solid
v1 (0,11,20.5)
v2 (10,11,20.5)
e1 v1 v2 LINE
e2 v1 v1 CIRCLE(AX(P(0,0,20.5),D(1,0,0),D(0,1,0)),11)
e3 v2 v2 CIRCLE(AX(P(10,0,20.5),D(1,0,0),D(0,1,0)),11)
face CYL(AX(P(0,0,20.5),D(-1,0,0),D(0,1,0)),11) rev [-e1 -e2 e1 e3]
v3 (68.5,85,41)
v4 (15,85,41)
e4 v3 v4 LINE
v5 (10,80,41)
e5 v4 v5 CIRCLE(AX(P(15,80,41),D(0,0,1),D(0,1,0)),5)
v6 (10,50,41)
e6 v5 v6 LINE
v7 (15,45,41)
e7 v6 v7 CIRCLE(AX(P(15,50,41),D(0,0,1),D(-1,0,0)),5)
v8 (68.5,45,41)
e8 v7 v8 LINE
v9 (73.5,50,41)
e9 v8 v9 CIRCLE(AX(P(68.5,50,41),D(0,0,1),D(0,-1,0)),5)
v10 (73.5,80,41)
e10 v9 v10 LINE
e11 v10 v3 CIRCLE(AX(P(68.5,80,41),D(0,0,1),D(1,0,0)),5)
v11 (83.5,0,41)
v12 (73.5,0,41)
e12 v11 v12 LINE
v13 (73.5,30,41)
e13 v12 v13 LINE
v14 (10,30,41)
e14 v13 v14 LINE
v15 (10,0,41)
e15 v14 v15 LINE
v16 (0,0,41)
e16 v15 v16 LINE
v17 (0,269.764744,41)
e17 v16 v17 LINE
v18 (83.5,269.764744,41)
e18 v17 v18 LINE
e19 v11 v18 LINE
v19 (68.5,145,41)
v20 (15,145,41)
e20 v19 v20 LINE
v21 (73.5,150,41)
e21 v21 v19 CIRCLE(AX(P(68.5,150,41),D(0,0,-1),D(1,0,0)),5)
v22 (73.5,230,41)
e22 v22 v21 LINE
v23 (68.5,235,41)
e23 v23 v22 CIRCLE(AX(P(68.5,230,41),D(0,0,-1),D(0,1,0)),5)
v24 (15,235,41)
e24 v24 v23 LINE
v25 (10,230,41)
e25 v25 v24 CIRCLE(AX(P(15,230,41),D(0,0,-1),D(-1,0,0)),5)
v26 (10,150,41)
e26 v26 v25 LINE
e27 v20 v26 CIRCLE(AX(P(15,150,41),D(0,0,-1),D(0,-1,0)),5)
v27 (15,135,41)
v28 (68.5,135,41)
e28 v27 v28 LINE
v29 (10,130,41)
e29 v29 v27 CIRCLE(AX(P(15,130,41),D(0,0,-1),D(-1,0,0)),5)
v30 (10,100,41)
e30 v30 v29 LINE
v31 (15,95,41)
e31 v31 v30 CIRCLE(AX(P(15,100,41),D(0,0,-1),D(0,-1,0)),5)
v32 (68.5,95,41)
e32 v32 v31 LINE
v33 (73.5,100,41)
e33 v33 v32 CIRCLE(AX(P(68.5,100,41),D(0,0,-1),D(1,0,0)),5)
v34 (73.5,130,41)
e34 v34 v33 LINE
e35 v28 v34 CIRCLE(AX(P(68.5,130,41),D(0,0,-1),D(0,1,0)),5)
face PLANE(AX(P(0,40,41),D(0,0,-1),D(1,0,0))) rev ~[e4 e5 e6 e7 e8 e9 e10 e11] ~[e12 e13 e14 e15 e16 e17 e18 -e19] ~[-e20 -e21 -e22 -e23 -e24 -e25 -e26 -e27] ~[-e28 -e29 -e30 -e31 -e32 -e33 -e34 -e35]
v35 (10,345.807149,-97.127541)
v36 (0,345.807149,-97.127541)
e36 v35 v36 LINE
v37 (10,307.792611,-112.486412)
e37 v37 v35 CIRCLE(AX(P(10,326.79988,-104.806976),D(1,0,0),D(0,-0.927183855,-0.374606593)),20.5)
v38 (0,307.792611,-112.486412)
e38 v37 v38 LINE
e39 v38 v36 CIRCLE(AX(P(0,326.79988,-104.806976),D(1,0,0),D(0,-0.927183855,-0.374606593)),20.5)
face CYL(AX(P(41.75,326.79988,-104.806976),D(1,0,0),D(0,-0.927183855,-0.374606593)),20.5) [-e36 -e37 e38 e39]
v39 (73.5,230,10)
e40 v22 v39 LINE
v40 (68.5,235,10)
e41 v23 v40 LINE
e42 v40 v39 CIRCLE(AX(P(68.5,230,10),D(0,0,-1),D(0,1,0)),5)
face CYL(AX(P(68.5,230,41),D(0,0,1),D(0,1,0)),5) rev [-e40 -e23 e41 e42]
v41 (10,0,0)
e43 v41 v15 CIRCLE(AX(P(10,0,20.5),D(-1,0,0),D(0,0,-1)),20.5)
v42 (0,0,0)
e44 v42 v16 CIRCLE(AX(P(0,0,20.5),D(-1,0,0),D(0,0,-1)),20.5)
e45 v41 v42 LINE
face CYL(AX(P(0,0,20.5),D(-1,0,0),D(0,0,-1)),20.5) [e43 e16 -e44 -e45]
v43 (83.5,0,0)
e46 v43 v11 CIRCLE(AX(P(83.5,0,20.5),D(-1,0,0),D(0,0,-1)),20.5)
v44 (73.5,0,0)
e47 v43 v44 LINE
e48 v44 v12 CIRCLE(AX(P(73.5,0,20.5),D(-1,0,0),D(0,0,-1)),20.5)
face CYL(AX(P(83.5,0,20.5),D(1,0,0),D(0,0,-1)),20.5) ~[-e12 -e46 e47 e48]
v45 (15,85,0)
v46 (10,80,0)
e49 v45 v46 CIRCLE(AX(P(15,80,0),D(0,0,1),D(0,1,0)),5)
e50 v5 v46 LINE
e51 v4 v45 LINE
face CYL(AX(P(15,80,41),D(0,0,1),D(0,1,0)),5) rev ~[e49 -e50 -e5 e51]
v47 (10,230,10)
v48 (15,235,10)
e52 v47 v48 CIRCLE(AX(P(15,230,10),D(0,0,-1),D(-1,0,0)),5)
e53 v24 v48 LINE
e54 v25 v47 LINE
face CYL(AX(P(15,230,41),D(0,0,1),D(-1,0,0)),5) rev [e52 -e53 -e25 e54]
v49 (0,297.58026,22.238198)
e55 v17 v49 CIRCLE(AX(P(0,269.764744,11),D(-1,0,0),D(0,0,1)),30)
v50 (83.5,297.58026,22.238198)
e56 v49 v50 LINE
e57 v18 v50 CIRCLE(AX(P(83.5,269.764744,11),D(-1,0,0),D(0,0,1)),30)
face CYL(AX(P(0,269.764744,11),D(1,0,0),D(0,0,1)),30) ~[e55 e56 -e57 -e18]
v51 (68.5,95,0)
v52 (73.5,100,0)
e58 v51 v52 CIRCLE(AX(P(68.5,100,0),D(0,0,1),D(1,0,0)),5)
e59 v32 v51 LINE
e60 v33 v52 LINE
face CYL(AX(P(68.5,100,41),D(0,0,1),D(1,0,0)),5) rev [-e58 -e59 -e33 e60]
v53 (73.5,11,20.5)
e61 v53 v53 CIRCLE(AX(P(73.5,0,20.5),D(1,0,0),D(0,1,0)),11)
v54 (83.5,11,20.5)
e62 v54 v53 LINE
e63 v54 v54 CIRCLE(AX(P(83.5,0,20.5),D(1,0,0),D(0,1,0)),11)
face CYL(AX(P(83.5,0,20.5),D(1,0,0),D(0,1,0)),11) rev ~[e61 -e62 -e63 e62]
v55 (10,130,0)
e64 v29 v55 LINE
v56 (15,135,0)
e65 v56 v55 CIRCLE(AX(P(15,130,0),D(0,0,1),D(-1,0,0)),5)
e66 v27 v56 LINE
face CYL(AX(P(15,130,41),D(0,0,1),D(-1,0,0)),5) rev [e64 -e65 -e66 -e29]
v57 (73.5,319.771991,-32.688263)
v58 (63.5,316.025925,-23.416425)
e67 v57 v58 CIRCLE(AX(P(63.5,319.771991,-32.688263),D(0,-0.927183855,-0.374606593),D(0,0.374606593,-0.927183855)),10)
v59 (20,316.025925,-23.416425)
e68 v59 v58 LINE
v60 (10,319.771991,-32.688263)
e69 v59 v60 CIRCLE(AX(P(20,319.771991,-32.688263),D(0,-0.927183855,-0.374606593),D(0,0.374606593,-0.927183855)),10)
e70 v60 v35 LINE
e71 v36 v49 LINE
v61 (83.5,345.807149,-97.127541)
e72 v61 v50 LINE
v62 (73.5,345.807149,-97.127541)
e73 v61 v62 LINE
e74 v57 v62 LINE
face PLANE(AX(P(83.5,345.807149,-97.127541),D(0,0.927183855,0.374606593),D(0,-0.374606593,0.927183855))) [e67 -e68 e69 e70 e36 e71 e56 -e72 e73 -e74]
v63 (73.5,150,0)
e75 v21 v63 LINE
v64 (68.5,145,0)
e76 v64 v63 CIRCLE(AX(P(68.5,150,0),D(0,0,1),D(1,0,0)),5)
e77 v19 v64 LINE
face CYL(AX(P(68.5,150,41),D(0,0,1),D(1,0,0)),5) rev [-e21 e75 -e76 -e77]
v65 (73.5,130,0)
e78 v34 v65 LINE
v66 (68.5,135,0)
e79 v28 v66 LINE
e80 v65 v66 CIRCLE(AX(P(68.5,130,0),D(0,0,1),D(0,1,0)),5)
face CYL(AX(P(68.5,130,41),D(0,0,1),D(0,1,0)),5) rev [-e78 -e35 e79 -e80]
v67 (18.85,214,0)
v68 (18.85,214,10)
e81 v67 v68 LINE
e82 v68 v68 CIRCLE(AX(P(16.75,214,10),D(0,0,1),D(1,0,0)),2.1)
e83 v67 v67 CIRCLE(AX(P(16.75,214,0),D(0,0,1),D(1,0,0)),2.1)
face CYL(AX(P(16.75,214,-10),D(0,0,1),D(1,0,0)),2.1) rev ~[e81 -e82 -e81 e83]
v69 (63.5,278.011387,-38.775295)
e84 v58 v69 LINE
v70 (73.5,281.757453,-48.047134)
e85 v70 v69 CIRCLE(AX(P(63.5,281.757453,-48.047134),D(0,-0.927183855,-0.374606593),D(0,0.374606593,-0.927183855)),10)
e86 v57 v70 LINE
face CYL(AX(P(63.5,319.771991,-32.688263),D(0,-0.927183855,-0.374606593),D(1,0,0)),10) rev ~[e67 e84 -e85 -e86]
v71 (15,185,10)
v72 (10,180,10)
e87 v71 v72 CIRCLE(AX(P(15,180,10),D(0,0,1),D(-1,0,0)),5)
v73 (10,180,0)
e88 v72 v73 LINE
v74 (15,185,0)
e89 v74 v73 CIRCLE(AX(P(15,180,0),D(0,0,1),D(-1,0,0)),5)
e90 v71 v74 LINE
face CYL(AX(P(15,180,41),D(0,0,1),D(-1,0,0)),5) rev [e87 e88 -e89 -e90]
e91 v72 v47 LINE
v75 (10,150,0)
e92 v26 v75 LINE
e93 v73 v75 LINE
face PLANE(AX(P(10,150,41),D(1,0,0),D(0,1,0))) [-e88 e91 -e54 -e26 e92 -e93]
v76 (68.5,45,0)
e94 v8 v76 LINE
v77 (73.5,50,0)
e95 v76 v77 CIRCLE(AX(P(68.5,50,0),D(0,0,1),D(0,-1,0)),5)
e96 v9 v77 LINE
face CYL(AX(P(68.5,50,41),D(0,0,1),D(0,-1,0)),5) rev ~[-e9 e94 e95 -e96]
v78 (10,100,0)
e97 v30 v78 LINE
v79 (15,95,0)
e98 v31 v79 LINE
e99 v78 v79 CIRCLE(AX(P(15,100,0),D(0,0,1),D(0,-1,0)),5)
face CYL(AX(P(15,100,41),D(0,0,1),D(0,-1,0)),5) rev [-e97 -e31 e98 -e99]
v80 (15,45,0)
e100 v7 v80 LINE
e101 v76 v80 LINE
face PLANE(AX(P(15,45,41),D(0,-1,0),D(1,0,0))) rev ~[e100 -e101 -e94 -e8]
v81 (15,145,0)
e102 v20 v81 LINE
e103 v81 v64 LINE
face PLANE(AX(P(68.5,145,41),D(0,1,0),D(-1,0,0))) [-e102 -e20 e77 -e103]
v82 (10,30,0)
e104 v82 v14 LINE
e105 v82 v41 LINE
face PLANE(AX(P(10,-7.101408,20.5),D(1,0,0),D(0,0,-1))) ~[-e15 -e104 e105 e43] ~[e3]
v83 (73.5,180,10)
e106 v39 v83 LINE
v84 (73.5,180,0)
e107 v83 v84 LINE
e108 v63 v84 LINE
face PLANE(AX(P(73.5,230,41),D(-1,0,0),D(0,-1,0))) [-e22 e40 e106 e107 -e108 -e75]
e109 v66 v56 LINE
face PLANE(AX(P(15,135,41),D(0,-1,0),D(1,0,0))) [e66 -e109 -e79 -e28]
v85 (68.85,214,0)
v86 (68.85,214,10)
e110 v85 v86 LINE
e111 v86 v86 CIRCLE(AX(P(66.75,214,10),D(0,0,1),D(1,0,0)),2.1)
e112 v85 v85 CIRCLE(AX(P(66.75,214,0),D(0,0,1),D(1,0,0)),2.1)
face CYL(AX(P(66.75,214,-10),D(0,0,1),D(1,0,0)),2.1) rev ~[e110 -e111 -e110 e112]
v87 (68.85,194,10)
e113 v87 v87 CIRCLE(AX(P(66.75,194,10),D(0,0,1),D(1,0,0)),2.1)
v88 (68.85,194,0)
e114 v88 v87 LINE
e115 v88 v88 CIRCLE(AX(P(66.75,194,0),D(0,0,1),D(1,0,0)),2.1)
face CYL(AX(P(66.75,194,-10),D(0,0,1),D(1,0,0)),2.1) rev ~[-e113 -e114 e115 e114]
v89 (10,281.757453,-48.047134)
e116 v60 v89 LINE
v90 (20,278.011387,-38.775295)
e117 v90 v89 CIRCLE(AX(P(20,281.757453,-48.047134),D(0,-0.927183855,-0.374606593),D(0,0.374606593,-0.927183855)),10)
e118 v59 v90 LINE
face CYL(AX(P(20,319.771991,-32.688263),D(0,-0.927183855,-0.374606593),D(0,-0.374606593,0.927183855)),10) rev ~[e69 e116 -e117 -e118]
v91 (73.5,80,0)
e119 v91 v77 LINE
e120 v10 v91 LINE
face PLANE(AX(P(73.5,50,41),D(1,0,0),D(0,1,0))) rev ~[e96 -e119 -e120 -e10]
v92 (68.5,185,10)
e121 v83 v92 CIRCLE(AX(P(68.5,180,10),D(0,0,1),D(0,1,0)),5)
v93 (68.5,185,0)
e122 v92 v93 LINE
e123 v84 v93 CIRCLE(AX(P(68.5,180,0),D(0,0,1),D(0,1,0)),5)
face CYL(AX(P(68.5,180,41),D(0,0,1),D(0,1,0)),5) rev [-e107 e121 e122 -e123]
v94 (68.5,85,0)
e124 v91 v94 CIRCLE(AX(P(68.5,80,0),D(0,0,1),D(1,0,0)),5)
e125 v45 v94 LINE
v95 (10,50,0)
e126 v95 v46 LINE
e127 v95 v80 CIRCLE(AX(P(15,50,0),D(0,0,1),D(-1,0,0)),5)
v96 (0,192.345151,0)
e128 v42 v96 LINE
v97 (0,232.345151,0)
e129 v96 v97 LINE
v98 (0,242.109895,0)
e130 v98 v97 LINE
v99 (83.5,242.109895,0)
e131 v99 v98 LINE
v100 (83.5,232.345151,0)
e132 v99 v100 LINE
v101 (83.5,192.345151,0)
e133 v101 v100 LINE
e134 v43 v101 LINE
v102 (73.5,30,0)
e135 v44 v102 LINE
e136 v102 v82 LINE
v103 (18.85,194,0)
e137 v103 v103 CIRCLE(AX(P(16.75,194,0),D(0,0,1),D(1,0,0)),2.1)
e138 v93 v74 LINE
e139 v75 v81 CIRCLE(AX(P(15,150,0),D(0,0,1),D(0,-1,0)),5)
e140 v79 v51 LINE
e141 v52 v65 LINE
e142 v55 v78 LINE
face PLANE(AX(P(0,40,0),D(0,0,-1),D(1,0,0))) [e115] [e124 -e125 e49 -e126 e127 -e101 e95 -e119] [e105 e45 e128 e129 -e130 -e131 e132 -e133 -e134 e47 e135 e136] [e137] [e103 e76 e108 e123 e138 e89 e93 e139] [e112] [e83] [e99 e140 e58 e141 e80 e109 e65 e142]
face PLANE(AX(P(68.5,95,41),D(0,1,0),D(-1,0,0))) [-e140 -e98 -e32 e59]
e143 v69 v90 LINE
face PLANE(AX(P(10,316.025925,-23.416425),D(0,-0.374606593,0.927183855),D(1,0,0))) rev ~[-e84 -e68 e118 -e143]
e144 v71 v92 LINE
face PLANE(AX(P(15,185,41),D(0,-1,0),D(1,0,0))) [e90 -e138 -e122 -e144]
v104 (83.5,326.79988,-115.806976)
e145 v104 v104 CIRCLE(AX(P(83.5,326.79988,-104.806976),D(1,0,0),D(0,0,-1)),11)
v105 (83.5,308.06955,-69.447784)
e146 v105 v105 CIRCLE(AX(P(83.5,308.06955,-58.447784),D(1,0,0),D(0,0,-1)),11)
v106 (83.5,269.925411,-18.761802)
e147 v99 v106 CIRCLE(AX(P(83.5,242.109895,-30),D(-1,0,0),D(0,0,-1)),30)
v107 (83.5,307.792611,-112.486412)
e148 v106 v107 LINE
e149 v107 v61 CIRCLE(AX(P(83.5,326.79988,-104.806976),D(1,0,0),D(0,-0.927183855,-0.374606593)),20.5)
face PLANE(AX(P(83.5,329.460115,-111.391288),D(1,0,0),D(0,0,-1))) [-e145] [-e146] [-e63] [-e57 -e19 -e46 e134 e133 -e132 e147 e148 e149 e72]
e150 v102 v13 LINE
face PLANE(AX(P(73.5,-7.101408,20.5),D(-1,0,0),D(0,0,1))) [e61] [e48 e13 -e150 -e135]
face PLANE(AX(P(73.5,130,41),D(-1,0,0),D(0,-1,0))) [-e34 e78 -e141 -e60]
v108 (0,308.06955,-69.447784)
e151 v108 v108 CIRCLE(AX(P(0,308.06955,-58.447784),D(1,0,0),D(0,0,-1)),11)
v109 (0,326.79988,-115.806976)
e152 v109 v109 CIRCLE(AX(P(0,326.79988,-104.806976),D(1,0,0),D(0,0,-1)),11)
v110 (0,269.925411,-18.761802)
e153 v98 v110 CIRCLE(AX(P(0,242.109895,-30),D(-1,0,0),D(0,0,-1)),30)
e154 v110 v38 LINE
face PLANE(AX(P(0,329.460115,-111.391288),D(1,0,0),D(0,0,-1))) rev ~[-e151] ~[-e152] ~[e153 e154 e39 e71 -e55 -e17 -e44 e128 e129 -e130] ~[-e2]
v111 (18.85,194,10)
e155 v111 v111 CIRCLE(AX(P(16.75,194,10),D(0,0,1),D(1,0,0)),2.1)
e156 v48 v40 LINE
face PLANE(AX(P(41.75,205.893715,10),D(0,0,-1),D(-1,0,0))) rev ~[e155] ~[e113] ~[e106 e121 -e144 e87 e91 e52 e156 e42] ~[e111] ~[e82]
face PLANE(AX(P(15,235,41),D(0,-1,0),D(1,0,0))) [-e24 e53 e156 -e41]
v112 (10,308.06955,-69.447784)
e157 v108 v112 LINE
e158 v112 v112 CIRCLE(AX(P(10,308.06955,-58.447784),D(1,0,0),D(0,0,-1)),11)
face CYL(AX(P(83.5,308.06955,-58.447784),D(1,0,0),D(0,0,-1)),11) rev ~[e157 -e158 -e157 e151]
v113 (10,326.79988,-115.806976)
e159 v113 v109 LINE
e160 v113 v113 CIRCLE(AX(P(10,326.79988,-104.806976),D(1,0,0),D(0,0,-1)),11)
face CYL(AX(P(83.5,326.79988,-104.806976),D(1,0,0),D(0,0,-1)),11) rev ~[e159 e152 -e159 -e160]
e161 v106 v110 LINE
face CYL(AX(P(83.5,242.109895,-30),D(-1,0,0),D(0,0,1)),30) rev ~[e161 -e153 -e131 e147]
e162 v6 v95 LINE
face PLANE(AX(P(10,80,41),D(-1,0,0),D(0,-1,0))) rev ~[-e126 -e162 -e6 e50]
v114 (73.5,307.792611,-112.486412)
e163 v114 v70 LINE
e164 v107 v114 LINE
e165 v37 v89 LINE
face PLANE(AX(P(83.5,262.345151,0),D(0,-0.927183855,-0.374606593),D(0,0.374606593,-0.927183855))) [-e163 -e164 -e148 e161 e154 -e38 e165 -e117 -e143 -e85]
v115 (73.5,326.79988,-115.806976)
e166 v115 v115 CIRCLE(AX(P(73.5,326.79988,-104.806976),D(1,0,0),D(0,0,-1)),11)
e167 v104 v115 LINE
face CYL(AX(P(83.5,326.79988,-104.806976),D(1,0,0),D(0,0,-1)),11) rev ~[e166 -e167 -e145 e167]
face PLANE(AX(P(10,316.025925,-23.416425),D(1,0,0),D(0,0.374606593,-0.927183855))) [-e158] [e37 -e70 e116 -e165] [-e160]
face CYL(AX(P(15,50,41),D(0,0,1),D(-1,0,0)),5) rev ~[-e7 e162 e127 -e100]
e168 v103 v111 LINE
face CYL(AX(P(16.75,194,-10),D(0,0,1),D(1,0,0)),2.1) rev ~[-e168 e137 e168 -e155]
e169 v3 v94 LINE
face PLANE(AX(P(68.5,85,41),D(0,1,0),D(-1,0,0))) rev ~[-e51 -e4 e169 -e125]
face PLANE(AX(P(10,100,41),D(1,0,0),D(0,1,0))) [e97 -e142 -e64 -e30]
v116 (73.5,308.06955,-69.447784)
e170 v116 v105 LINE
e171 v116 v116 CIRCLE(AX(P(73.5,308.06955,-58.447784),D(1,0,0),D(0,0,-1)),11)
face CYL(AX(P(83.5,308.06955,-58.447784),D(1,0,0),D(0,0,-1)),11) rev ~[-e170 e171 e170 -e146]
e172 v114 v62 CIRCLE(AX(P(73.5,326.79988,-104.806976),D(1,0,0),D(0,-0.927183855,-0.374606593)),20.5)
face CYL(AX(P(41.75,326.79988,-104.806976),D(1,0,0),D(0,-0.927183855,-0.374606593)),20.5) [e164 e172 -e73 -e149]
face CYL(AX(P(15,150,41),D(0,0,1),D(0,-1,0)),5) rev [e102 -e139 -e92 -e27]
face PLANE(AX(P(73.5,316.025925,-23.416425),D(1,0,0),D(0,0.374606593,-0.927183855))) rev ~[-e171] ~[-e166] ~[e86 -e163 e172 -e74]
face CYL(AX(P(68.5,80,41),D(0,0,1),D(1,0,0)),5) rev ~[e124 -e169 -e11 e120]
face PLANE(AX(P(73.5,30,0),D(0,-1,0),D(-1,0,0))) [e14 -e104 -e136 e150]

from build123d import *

# Parameters (mm, degrees)
EXTRUDE_1_DEPTH        = 41
EXTRUDE_2_DEPTH        = 10
SKETCH_3_R             = 11
CUT_EXTRUDE_1_DEPTH    = 10
SKETCH_4_W             = 83.5
SKETCH_4_H             = 41
EXTRUDE_3_DEPTH        = 250
CUT_EXTRUDE_2_DEPTH    = 309
EXTRUDE_5_DEPTH        = 83.5
EXTRUDE_6_DEPTH        = 41.75
FILLET_1_R             = 8
SKETCH_10_R            = 5.5
CUT_EXTRUDE_3_DEPTH    = 92
EXTRUDE_9_DEPTH        = 41.75
SKETCH_15_R            = 11
CUT_EXTRUDE_5_DEPTH    = 92.5
SKETCH_16_W            = 63.5
SKETCH_16_H            = 100
CUT_EXTRUDE_6_DEPTH    = 65
FILLET_3_R             = 30
CUT_EXTRUDE_7_DEPTH    = 37.75
SKETCH_19_W            = 70.175183739
SKETCH_19_H            = 41.669127314
CUT_EXTRUDE_8_DEPTH    = 90.5
HOLE_WIZARD_M5_1_D     = 4.2
HOLE_WIZARD_M5_1_DEPTH = 10
HOLE_WIZARD_M5_1_TIP   = 1.2618073
FILLET_5_R             = 10
CUT_EXTRUDE_9_DEPTH    = 31


with BuildPart() as part:
    # 草图1 → 凸台-拉伸1 (new body)
    with BuildSketch(Plane.XY):
        Polygon((0, 0), (0, 40), (83.5, 40), (83.5, 0), (73.5, 0), (73.5, 30), (10, 30), (10, 0), align=None)
    extrude(amount=EXTRUDE_1_DEPTH)

    # 草图2 → 凸台-拉伸2 (add)
    with BuildSketch(Plane(origin=(83.5, 0, 0), x_dir=(0, 0, -1), z_dir=(1, 0, 0))):
        with BuildLine():
            Line((-41, 0), (0, 0))
            ThreePointArc((0, 0), (-20.5, -20.5), (-41, 0))
        make_face()
    extrude_2 = extrude(amount=-EXTRUDE_2_DEPTH)

    # 草图3 → 切除-拉伸1 (cut)
    with BuildSketch(Plane(origin=(83.5, 0, 0), x_dir=(0, 0, -1), z_dir=(1, 0, 0))):
        with Locations(Location((-20.5, 0, 0), (0, 0, 90))):
            Circle(SKETCH_3_R)
    cut_extrude_1 = extrude(amount=-CUT_EXTRUDE_1_DEPTH, mode=Mode.SUBTRACT)

    # 镜向1: 凸台-拉伸2, 切除-拉伸1 across plane
    add(extrude_2.mirror(Plane(origin=(41.75, 0, 0), x_dir=(0, 0, 1), z_dir=(1, 0, 0))))
    add(cut_extrude_1.mirror(Plane(origin=(41.75, 0, 0), x_dir=(0, 0, 1), z_dir=(1, 0, 0))), mode=Mode.SUBTRACT)

    # 草图4 → 凸台-拉伸3 (add)
    with BuildSketch(Plane(origin=(0, 40, 0), x_dir=(1, 0, 0), z_dir=(0, 1, 0))):
        with Locations((41.75, -20.5)):
            Rectangle(SKETCH_4_W, SKETCH_4_H)
    extrude(amount=EXTRUDE_3_DEPTH)

    # 草图5 → 切除-拉伸2 (cut)
    with BuildSketch(Plane.XY.offset(41)):
        with BuildLine():
            Line((15, 45), (68.5, 45))
            ThreePointArc((68.5, 45), (72.035533906, 46.464466094), (73.5, 50))
            Line((73.5, 50), (73.5, 80))
            ThreePointArc((73.5, 80), (72.035533906, 83.535533906), (68.5, 85))
            Line((68.5, 85), (15, 85))
            ThreePointArc((15, 85), (11.464466094, 83.535533906), (10, 80))
            Line((10, 80), (10, 50))
            ThreePointArc((10, 50), (11.464466094, 46.464466094), (15, 45))
        make_face()
        with BuildLine():
            Line((10, 100), (10, 130))
            ThreePointArc((10, 130), (11.464466094, 133.535533906), (15, 135))
            Line((15, 135), (68.5, 135))
            ThreePointArc((68.5, 135), (72.035533906, 133.535533906), (73.5, 130))
            Line((73.5, 130), (73.5, 100))
            ThreePointArc((73.5, 100), (72.035533906, 96.464466094), (68.5, 95))
            Line((68.5, 95), (15, 95))
            ThreePointArc((15, 95), (11.464466094, 96.464466094), (10, 100))
        make_face()
        with BuildLine():
            Line((10, 150), (10, 180))
            ThreePointArc((10, 180), (11.464466094, 183.535533906), (15, 185))
            Line((15, 185), (68.5, 185))
            ThreePointArc((68.5, 185), (72.035533906, 183.535533906), (73.5, 180))
            Line((73.5, 180), (73.5, 150))
            ThreePointArc((73.5, 150), (72.035533906, 146.464466094), (68.5, 145))
            Line((68.5, 145), (15, 145))
            ThreePointArc((15, 145), (11.464466094, 146.464466094), (10, 150))
        make_face()
    extrude(amount=-CUT_EXTRUDE_2_DEPTH, mode=Mode.SUBTRACT)

    # 草图7 → 凸台-拉伸5 (add)
    with BuildSketch(Plane(origin=(83.5, 0, 0), x_dir=(0, 0, -1), z_dir=(1, 0, 0))):
        Polygon((0, 262.345150809), (112.486411563, 307.792611131), (97.127541233, 345.807149168), (-41, 290), align=None)
    extrude(amount=-EXTRUDE_5_DEPTH)

    # 草图8 → 凸台-拉伸6 (add, symmetric)
    with BuildSketch(Plane(origin=(41.75, 0, 0), x_dir=(0, 0, -1), z_dir=(1, 0, 0))):
        Polygon((0, 232.345150809), (0, 192.345150809), (55, 192.345150809), (55, 210.345150809), align=None)
    extrude(amount=EXTRUDE_6_DEPTH, both=True)

    # 圆角1
    fillet_1_edges = [part.edges().sort_by_distance(p)[0] for p in [
        (41.75, 192.345150809, -55),
    ]]
    fillet(fillet_1_edges, radius=FILLET_1_R)

    # 草图10 → 切除-拉伸3 (cut)
    with BuildSketch(Plane(origin=(83.5, 0, 0), x_dir=(0, 0, -1), z_dir=(1, 0, 0))):
        with Locations(Location((47, 200.345150809, 0), (0, 0, 90))):
            Circle(SKETCH_10_R)
    extrude(amount=-CUT_EXTRUDE_3_DEPTH, mode=Mode.SUBTRACT)

    # 草图14 → 凸台-拉伸9 (add, symmetric)
    with BuildSketch(Plane(origin=(41.75, 0, 0), x_dir=(0, 0, -1), z_dir=(1, 0, 0))):
        with BuildLine():
            Line((97.127541233, 345.807149168), (112.486411563, 307.792611131))
            ThreePointArc((112.486411563, 307.792611131), (123.814245417, 334.479315315), (97.127541233, 345.807149168))
        make_face()
    extrude(amount=EXTRUDE_9_DEPTH, both=True)

    # 草图15 → 切除-拉伸5 (cut, symmetric)
    with BuildSketch(Plane(origin=(83.5, 0, 0), x_dir=(0, 0, -1), z_dir=(1, 0, 0))):
        with Locations((104.806976398, 326.79988015)):
            Circle(SKETCH_15_R)
        with Locations((58.44778367, 308.069550479)):
            Circle(SKETCH_15_R)
    extrude(amount=CUT_EXTRUDE_5_DEPTH, both=True, mode=Mode.SUBTRACT)

    # 草图16 → 切除-拉伸6 (cut)
    with BuildSketch(Plane(origin=(0, 263.544767644, 106.47899781), x_dir=(1, 0, 0), z_dir=(0, 0.9271838545667882, 0.37460659341591007))):
        with Locations((41.75, 190.096726194)):
            Rectangle(SKETCH_16_W, SKETCH_16_H)
    extrude(amount=-CUT_EXTRUDE_6_DEPTH, mode=Mode.SUBTRACT)

    # 圆角3
    fillet_3_edges = [part.edges().sort_by_distance(p)[0] for p in [
        (41.75, 262.345150809, 0),
        (41.75, 290, 41),
    ]]
    fillet(fillet_3_edges, radius=FILLET_3_R)

    # 草图8<2> → 切除-拉伸7 (cut, symmetric)
    with BuildSketch(Plane(origin=(41.75, 0, 0), x_dir=(0, 0, -1), z_dir=(1, 0, 0))):
        Polygon((0, 232.345150809), (0, 192.345150809), (55, 192.345150809), (55, 210.345150809), align=None)
    extrude(amount=CUT_EXTRUDE_7_DEPTH, both=True, mode=Mode.SUBTRACT)

    # 草图19 → 切除-拉伸8 (cut)
    with BuildSketch(Plane(origin=(83.5, 0, 0), x_dir=(0, 0, -1), z_dir=(1, 0, 0))):
        with Locations((35.08759187, 211.510587152)):
            Rectangle(SKETCH_19_W, SKETCH_19_H)
    extrude(amount=-CUT_EXTRUDE_8_DEPTH, mode=Mode.SUBTRACT)

    # M5 螺纹孔的螺纹孔钻头1
    with Locations(Plane(origin=(66.75, 214, 0), x_dir=(-1, 0, 0), z_dir=(0, 0, -1))):
        with Locations((0, 0), (50, 0), (50, -20), (0, -20)):
            Hole(HOLE_WIZARD_M5_1_D / 2, depth=HOLE_WIZARD_M5_1_DEPTH)
            with Locations((0, 0, -(HOLE_WIZARD_M5_1_DEPTH + HOLE_WIZARD_M5_1_TIP / 2))):  # 118° drill point
                Cone(0, HOLE_WIZARD_M5_1_D / 2, HOLE_WIZARD_M5_1_TIP, mode=Mode.SUBTRACT)

    # 圆角5
    fillet_5_edges = [part.edges().sort_by_distance(p)[0] for p in [
        (10, 297.018655973, -31.09585996),
        (73.5, 297.018655973, -31.09585996),
    ]]
    fillet(fillet_5_edges, radius=FILLET_5_R)

    # 草图22 → 切除-拉伸9 (cut)
    with BuildSketch(Plane.XY.offset(41)):
        with BuildLine():
            Line((10, 190), (10, 230))
            ThreePointArc((10, 230), (11.464466094, 233.535533906), (15, 235))
            Line((15, 235), (68.5, 235))
            ThreePointArc((68.5, 235), (72.035533906, 233.535533906), (73.5, 230))
            Line((73.5, 230), (73.5, 190))
            Line((73.5, 190), (73.5, 177.902541229))
            Line((73.5, 177.902541229), (10, 177.902541229))
            Line((10, 177.902541229), (10, 190))
        make_face()
    extrude(amount=-CUT_EXTRUDE_9_DEPTH, mode=Mode.SUBTRACT)


solid = part.part
